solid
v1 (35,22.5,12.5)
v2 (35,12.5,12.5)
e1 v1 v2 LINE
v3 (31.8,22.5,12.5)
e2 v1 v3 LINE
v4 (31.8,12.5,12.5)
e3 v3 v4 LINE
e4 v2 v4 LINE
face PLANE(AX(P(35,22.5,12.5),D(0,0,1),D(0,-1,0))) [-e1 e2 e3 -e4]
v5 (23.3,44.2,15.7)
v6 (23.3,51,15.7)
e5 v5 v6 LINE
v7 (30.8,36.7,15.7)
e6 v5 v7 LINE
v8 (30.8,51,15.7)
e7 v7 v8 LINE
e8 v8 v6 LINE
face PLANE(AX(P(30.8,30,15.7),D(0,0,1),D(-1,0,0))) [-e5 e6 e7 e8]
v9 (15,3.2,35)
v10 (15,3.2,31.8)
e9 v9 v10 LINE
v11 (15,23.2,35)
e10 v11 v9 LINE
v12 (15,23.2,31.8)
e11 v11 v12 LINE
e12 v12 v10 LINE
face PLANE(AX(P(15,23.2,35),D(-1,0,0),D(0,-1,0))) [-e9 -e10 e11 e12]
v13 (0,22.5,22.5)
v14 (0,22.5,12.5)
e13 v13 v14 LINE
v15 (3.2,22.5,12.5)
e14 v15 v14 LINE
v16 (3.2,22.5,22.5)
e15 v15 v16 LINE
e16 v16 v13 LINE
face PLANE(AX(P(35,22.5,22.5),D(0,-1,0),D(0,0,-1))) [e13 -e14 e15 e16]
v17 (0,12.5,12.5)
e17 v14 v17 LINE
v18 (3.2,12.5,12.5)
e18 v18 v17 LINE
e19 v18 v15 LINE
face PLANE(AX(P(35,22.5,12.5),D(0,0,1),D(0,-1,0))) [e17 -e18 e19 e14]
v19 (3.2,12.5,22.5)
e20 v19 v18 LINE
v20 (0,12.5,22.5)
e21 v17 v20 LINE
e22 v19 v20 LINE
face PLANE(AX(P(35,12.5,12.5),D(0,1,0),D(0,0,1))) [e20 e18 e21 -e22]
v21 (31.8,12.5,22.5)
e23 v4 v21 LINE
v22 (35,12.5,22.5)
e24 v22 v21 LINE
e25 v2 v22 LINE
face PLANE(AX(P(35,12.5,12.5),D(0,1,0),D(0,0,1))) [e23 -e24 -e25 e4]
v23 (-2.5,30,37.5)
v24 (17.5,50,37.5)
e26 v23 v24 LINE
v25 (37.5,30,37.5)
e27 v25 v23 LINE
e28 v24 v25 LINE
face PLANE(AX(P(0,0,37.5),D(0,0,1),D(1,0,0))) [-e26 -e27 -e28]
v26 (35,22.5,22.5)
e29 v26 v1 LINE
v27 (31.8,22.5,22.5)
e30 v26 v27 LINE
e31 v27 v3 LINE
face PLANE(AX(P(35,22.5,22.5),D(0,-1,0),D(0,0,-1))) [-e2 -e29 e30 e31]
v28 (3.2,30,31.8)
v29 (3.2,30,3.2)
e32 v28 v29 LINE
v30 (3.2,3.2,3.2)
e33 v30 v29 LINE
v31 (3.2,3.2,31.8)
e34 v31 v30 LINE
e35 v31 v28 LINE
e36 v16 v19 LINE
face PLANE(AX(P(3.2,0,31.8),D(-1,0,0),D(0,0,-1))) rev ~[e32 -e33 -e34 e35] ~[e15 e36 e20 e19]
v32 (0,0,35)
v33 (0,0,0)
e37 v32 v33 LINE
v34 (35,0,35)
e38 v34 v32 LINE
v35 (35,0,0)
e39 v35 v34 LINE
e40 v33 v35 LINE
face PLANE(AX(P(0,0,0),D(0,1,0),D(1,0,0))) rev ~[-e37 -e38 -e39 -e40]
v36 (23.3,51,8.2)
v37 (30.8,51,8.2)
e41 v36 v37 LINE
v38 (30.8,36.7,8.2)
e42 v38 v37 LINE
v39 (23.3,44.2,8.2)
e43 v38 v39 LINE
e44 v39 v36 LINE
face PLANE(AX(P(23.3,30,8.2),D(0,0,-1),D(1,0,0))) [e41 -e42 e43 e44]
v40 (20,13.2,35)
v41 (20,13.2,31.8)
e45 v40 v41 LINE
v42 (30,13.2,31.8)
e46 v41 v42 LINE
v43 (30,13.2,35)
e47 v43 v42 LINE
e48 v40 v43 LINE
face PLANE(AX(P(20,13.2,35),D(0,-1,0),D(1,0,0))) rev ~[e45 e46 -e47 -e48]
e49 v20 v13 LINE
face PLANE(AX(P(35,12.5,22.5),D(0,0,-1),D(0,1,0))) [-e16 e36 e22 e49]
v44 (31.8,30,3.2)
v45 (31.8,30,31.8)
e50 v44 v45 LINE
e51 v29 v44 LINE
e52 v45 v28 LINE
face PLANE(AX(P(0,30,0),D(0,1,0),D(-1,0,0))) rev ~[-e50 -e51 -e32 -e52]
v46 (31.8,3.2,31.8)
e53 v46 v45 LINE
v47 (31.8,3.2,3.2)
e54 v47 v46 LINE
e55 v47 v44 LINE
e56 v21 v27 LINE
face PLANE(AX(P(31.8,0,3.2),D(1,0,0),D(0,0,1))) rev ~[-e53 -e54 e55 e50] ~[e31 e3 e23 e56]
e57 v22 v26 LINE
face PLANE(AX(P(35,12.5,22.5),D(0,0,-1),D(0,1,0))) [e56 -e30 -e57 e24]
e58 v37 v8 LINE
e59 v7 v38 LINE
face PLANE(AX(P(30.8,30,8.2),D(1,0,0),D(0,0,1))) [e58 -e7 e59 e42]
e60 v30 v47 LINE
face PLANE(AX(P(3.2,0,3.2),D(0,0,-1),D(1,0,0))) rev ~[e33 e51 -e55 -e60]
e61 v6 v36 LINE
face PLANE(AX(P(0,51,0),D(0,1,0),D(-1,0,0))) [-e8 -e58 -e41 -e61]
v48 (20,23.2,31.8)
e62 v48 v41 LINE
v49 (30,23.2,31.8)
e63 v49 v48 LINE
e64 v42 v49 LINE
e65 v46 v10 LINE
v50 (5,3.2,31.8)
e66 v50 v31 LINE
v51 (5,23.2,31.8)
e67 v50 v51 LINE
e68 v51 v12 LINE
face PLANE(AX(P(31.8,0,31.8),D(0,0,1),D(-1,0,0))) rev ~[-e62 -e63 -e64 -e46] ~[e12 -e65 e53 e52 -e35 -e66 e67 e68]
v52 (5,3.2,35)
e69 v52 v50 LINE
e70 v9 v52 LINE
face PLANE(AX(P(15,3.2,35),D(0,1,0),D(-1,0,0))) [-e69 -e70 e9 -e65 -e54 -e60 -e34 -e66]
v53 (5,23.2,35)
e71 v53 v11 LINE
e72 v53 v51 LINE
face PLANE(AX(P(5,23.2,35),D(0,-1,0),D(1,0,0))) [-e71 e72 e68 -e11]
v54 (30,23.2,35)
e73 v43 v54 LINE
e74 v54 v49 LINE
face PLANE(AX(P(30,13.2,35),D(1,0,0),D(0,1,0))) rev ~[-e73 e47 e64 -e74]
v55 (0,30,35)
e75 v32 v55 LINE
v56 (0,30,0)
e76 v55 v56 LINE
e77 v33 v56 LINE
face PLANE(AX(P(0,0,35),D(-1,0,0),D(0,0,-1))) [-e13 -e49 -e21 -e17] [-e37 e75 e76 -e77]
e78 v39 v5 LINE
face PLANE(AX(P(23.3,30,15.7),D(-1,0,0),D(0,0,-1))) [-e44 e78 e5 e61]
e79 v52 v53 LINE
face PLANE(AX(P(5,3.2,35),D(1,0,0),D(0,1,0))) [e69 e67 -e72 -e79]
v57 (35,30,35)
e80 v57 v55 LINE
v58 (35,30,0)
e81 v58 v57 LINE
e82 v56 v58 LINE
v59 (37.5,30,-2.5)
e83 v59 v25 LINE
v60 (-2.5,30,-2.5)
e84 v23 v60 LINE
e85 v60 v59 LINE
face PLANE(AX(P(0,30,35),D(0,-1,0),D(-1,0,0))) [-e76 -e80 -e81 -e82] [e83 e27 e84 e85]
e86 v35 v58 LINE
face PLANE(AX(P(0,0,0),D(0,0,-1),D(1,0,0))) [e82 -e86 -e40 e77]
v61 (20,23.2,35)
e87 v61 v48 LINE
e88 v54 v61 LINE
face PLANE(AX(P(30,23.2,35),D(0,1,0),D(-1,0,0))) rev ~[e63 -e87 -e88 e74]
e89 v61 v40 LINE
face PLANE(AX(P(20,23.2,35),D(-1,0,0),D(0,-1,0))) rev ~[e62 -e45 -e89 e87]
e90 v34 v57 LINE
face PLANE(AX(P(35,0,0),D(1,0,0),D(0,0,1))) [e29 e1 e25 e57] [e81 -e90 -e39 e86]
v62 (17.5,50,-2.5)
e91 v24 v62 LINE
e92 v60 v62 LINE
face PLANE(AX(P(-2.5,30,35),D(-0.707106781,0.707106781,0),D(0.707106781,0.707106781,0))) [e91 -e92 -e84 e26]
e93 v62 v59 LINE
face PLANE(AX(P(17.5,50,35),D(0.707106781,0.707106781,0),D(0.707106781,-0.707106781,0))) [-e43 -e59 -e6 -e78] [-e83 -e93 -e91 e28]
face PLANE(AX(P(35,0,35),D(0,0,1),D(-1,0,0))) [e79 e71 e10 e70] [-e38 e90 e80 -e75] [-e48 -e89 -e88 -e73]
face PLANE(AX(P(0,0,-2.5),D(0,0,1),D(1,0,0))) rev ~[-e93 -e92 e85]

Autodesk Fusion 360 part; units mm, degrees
sketch "Sketch1" plane through (0, 0, 0) normal (0, 1, 0) x (1, 0, 0)
  line L0 (0, 0) -> (35, 0)
  line L1 (35, 0) -> (35, -35)
  line L2 (35, -35) -> (0, -35)
  line L3 (0, -35) -> (0, 0)
  line L4 (3.2, -3.2) -> (31.8, -3.2)
  line L5 (31.8, -3.2) -> (31.8, -31.8)
  line L6 (31.8, -31.8) -> (3.2, -31.8)
  line L7 (3.2, -31.8) -> (3.2, -3.2)
  dimension "d1" = 35
  dimension "d2" = 35
  dimension "d4" = 3.2
  dimension "d5" = 3.2
  dimension "d6" = 3.2
  dimension "d7" = 3.2
extrude "Extrude1" add sketch "Sketch1" along normal blind 30 makes body 1
sketch "Sketch2" plane through (0, 0, 35) normal (0, 0, 1) x (1, 0, 0)
  line L0 (0, 0) -> (35, 0)
  line L1 (35, 0) -> (35, 30)
  line L2 (35, 30) -> (0, 30)
  line L3 (0, 30) -> (0, 0)
  line L4 (5, 23.2) -> (15, 23.2)
  line L5 (15, 23.2) -> (15, 3.2)
  line L6 (15, 3.2) -> (5, 3.2)
  line L7 (5, 3.2) -> (5, 23.2)
  line L8 (20, 13.2) -> (30, 13.2)
  line L9 (30, 13.2) -> (30, 23.2)
  line L10 (30, 23.2) -> (20, 23.2)
  line L11 (20, 23.2) -> (20, 13.2)
  line L12 (0, 30) -> (-2.5, 30)
  line L13 (35, 30) -> (37.5, 30)
  line L14 (-2.5, 30) -> (17.5, 50)
  line L15 (17.5, 50) -> (37.5, 30)
  dimension "d10" = 3.2
  dimension "d11" = 5
  dimension "d12" = 20
  dimension "d13" = 10
  dimension "d14" = 10
  dimension "d15" = 10
  dimension "d16" = 13.2
  dimension "d17" = 5
  dimension "d39" = 2.5
  dimension "d40" = 2.5
  dimension "d41" = 20
  dimension "d42" = 20
extrude "Extrude2" add sketch "Sketch1" along normal blind 3.2 contours L4 L5 L6 L7 bodies 1
extrude "Extrude3" cut sketch "Sketch2" against normal blind 3.2 contours L4 L5 L6 L7 bodies 1
extrude "Extrude4" cut sketch "Sketch2" against normal blind 3.2 contours L8 L9 L10 L11 bodies 1
sketch "Sketch3" plane through (35, 0, 0) normal (1, 0, 0) x (0, 0, -1)
  line L0 (-35, 0) -> (0, 0)
  line L1 (0, 0) -> (0, 30)
  line L2 (0, 30) -> (-35, 30)
  line L3 (-35, 30) -> (-35, 0)
  line L4 (-22.5, 22.5) -> (-12.5, 22.5)
  line L5 (-12.5, 22.5) -> (-12.5, 12.5)
  line L6 (-12.5, 12.5) -> (-22.5, 12.5)
  line L7 (-22.5, 12.5) -> (-22.5, 22.5)
  line L8 (0, 0) -> (-35, 0)
  dimension "d24" = 10
  dimension "d25" = 10
  dimension "d26" = 12.5
  dimension "d27" = 12.5
extrude "Extrude5" cut sketch "Sketch3" against normal blind 35 contours L4 L5 L6 L7 bodies 1
sketch "Sketch4" plane through (0, 30, 0) normal (0, 1, 0) x (-1, 0, 0)
  line L0 (-31.8, 31.8) -> (-3.2, 31.8)
  line L1 (-3.2, 31.8) -> (-3.2, 3.2)
  line L2 (-3.2, 3.2) -> (-31.8, 3.2)
  line L3 (-31.8, 3.2) -> (-31.8, 31.8)
  line L4 (0, 35) -> (-35, 35)
  line L5 (-35, 35) -> (-35, 0)
  line L6 (-35, 0) -> (0, 0)
  line L7 (0, 0) -> (0, 35)
  line L8 (2.5, -2.5) -> (-37.5, -2.5)
  line L9 (-37.5, -2.5) -> (-37.5, 37.5)
  line L10 (-37.5, 37.5) -> (2.5, 37.5)
  line L11 (2.5, 37.5) -> (2.5, -2.5)
  line L12 (-30.8, 15.7) -> (-23.3, 15.7)
  line L13 (-23.3, 15.7) -> (-23.3, 8.2)
  line L14 (-23.3, 8.2) -> (-30.8, 8.2)
  line L15 (-30.8, 8.2) -> (-30.8, 15.7)
  dimension "d30" = 2.5
  dimension "d31" = 2.5
  dimension "d32" = 2.5
  dimension "d33" = 2.5
  dimension "d34" = 7.5
  dimension "d35" = 7.5
  dimension "d37" = 1
  dimension "d38" = 5
extrude "Extrude6" add sketch "Sketch2" along normal blind 2.5 separate body contours L2 L12 L13 L14 L15 makes body 2
extrude "Extrude7" add sketch "Sketch2" against normal blind 37.5 contours L2 L12 L13 L14 L15 bodies 1 2
extrude "Extrude8" add sketch "Sketch4" along normal blind 21 contours L12 L13 L14 L15 bodies 1
